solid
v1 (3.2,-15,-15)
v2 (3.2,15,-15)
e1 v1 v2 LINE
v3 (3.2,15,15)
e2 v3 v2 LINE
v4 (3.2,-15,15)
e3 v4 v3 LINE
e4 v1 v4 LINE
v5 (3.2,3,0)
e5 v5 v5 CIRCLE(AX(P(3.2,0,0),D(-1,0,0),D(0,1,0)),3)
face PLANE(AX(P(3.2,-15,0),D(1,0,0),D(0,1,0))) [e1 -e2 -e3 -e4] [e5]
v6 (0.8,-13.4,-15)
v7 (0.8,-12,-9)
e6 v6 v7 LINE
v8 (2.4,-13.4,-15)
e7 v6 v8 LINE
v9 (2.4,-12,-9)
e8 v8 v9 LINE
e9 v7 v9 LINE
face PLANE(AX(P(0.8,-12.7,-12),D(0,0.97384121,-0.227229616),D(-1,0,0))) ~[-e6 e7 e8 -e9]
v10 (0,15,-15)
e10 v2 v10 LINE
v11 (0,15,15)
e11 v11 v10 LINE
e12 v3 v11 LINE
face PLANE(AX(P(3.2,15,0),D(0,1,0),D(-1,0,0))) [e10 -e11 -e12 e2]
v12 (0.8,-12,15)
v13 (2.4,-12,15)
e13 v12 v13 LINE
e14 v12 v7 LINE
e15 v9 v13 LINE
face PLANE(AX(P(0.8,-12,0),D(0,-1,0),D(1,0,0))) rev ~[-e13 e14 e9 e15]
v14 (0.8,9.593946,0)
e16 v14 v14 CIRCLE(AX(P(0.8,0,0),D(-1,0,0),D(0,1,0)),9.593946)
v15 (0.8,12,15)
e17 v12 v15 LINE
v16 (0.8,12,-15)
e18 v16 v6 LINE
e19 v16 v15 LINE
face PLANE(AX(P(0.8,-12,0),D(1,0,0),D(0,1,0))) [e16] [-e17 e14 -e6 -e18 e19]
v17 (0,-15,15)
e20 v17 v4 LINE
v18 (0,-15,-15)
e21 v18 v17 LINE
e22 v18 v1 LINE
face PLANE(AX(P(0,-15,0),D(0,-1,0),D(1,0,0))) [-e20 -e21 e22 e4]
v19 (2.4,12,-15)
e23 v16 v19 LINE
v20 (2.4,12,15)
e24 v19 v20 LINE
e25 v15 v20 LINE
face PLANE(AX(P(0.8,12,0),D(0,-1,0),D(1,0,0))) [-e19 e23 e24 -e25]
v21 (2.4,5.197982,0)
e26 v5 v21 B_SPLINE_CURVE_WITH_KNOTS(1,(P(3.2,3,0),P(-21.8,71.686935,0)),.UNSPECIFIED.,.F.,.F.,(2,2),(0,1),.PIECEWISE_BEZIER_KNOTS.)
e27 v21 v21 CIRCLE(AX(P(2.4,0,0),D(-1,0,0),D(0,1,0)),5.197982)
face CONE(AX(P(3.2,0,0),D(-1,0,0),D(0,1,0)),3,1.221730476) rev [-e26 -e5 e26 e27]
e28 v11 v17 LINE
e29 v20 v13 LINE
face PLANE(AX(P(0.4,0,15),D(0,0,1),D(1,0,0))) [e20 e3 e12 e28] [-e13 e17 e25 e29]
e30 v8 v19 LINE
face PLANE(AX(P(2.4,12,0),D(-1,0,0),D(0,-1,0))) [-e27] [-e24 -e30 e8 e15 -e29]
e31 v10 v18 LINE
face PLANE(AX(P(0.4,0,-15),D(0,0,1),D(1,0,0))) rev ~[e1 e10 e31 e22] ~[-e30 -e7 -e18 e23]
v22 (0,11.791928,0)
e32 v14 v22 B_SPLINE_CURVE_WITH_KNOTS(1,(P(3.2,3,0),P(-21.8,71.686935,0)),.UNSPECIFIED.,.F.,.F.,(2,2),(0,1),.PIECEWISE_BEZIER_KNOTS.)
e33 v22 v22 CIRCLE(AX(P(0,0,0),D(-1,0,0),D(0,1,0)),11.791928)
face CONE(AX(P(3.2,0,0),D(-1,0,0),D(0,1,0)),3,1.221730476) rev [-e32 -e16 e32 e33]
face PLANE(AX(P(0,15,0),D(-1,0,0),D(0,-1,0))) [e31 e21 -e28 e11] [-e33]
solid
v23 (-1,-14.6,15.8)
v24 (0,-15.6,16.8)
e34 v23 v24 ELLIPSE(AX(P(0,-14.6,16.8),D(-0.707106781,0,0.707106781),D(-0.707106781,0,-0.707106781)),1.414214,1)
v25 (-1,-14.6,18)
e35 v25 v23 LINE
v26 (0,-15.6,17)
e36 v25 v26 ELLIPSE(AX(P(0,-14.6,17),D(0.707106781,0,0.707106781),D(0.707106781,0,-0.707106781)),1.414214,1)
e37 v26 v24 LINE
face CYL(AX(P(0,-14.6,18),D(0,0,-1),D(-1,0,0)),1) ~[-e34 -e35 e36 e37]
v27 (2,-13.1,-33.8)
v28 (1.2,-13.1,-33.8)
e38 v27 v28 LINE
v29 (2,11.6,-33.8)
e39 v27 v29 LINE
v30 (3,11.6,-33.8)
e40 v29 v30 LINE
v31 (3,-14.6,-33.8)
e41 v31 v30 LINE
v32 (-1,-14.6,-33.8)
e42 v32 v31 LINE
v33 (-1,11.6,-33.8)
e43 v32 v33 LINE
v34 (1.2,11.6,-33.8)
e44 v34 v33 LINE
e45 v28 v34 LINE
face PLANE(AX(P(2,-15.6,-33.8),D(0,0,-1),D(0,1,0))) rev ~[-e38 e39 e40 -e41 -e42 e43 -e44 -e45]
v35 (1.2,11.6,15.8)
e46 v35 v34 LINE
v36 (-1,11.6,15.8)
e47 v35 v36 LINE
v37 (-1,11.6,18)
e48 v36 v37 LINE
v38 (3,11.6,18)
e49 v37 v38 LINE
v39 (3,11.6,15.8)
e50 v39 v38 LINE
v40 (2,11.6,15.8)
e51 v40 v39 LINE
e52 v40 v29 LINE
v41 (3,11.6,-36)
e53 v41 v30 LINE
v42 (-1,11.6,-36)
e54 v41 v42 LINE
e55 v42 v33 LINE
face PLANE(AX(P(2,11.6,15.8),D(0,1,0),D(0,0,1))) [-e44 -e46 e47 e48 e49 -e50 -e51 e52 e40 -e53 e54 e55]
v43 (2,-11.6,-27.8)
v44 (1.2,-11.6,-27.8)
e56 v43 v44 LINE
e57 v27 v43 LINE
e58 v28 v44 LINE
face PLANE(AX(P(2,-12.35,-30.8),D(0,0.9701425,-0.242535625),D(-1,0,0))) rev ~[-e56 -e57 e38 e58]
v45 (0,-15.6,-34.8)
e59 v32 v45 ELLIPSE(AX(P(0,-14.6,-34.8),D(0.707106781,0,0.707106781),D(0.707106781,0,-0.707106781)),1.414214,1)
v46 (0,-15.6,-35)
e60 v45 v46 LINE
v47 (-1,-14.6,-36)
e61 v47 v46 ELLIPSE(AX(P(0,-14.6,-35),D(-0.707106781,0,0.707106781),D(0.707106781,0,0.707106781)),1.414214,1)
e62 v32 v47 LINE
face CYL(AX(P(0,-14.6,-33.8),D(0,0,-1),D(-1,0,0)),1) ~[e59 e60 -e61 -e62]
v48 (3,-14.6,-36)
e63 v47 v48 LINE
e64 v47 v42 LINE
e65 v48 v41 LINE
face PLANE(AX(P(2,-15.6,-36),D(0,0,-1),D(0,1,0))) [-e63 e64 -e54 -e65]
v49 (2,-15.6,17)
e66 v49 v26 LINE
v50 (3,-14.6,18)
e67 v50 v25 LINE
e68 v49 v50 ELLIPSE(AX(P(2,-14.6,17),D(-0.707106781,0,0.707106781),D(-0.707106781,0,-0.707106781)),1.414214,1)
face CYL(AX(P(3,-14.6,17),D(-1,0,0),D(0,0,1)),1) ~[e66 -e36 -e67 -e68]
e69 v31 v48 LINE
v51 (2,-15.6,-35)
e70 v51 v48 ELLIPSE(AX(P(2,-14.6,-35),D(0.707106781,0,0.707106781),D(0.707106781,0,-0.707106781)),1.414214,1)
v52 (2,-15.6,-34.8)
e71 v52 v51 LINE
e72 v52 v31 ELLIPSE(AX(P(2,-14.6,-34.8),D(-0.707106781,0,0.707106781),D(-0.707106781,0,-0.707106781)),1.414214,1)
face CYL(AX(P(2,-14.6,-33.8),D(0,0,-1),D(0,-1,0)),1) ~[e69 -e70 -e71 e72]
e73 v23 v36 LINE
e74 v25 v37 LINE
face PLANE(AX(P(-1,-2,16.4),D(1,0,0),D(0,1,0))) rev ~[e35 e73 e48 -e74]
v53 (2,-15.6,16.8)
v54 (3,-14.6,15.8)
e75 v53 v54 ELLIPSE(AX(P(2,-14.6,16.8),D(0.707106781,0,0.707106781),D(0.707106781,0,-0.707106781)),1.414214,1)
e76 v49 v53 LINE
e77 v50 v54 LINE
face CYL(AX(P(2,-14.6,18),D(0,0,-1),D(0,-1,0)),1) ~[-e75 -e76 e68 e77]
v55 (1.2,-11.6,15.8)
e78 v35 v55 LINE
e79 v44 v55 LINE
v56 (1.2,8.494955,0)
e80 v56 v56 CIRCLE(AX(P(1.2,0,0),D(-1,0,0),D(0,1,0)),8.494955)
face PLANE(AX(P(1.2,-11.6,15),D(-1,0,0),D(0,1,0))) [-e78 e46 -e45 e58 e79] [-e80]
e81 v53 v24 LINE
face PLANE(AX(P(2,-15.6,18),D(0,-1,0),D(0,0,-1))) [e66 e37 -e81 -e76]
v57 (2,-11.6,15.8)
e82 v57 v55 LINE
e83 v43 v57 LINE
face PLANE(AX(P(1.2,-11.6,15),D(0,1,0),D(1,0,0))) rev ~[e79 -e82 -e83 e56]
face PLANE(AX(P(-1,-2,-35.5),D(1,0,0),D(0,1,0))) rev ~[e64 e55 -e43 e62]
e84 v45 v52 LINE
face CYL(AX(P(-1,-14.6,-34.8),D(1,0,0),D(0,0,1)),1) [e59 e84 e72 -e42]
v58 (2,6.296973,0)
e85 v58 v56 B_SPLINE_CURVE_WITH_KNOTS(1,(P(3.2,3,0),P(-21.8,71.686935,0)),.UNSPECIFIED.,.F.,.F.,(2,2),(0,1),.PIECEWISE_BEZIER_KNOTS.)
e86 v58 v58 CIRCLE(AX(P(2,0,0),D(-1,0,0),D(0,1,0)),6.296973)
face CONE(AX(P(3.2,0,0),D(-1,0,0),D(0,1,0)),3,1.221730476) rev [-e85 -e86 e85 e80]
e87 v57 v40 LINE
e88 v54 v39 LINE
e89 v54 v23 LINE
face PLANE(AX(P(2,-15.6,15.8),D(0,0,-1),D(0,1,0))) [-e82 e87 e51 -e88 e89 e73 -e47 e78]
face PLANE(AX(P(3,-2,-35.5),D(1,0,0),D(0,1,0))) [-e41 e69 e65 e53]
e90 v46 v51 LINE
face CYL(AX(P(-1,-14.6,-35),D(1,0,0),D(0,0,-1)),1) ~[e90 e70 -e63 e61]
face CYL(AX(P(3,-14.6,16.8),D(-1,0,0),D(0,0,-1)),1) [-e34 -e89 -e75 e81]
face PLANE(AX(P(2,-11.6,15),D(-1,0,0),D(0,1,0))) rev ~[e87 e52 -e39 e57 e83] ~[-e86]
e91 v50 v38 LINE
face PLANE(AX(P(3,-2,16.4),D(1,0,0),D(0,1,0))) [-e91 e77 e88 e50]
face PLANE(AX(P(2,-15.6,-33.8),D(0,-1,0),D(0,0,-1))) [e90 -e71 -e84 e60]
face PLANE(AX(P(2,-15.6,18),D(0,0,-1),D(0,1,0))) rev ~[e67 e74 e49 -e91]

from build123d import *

# Parameters (mm, degrees)
F0_W          = 1.6
F0_H          = 3
F1_DEPTH      = 15
F2_W          = 0.8
F2_H          = 23.2
F3_DEPTH      = 50
F3_DEPTH_BACK = 2
F4_R          = 3
F5_DEPTH      = 25
F5_TAPER      = -70
F6_W          = 27.2
F6_H          = 1.2
F6_H_2        = 1
F7_DEPTH      = 1
F7_DEPTH_BACK = 3
F8_R          = 1
F9_SIZE2      = 6
F9_SIZE       = 1.5
F10_SIZE2     = 6
F10_SIZE      = 1.4


with BuildPart() as f1:
    # F0 (on Top) → F1 (new body, symmetric)
    with BuildSketch(Plane.XY):
        Polygon((0.8, 15), (0, 15), (0, -15), (0.8, -15), (0.8, -12), (0.8, 12), align=None)
        with Locations((1.6, 13.5)):
            Rectangle(F0_W, F0_H)
        Polygon((3.2, 15), (2.4, 15), (2.4, 12), (2.4, -12), (2.4, -15), (3.2, -15), align=None)
        with Locations((1.6, -13.5)):
            Rectangle(F0_W, F0_H)
    extrude(amount=F1_DEPTH, both=True)


with BuildPart() as f3:
    # F2 (on face) → F3 (new body, two sides)
    with BuildSketch(Plane.XY.offset(15)) as f3_sk:
        with Locations((1.6, 0)):
            Rectangle(F2_W, F2_H)
    extrude(amount=-F3_DEPTH)
    extrude(f3_sk.sketch, amount=F3_DEPTH_BACK)


with BuildPart() as f5_tool:
    # F4 (on face) → F5 (new body)
    with BuildSketch(Plane.YZ.offset(3.2)):
        Circle(F4_R)
    extrude(amount=-F5_DEPTH, taper=F5_TAPER)


with BuildPart() as f1_1:
    add(f1.part)

    # F5: cut by f5_tool
    add(f5_tool.part, mode=Mode.SUBTRACT)

    # F10
    f10_edges = [f1_1.edges().sort_by_distance(p)[0] for p in [
        (1.6, -12, -15),
    ]]
    f10_side = f1_1.faces().sort_by_distance((0.301702, 0, -15))[0]
    chamfer(f10_edges, length=F10_SIZE, length2=F10_SIZE2, reference=f10_side)


with BuildPart() as f3_1:
    add(f3.part)

    # F5: cut by f5_tool
    add(f5_tool.part, mode=Mode.SUBTRACT)

    # F6 (on face) → F7 (join, two sides)
    with BuildSketch(Plane.YZ.offset(2)) as f7_sk:
        with Locations((-2, 16.4)):
            Rectangle(F6_W, F6_H)
        with Locations((-2, 17.5)):
            Rectangle(F6_W, F6_H_2)
        with Locations((-2, -35.5)):
            Rectangle(F6_W, F6_H_2)
        with Locations((-2, -34.4)):
            Rectangle(F6_W, F6_H)
    extrude(amount=F7_DEPTH)
    extrude(f7_sk.sketch, amount=-F7_DEPTH_BACK)

    # F8
    f8_edges = [f3_1.edges().sort_by_distance(p)[0] for p in [
        (3, -15.6, -34.9),
        (1, -15.6, -36),
        (-1, -15.6, -34.9),
        (1, -15.6, -33.8),
        (3, -15.6, 16.9),
        (1, -15.6, 15.8),
        (-1, -15.6, 16.9),
        (1, -15.6, 18),
    ]]
    fillet(f8_edges, radius=F8_R)

    # F9
    f9_edges = [f3_1.edges().sort_by_distance(p)[0] for p in [
        (1.6, -11.6, -33.8),
    ]]
    f9_side = f3_1.faces().sort_by_distance((0.870872, -1.82282, -33.8))[0]
    chamfer(f9_edges, length=F9_SIZE, length2=F9_SIZE2, reference=f9_side)


solid = Compound([f1_1.part, f3_1.part])
